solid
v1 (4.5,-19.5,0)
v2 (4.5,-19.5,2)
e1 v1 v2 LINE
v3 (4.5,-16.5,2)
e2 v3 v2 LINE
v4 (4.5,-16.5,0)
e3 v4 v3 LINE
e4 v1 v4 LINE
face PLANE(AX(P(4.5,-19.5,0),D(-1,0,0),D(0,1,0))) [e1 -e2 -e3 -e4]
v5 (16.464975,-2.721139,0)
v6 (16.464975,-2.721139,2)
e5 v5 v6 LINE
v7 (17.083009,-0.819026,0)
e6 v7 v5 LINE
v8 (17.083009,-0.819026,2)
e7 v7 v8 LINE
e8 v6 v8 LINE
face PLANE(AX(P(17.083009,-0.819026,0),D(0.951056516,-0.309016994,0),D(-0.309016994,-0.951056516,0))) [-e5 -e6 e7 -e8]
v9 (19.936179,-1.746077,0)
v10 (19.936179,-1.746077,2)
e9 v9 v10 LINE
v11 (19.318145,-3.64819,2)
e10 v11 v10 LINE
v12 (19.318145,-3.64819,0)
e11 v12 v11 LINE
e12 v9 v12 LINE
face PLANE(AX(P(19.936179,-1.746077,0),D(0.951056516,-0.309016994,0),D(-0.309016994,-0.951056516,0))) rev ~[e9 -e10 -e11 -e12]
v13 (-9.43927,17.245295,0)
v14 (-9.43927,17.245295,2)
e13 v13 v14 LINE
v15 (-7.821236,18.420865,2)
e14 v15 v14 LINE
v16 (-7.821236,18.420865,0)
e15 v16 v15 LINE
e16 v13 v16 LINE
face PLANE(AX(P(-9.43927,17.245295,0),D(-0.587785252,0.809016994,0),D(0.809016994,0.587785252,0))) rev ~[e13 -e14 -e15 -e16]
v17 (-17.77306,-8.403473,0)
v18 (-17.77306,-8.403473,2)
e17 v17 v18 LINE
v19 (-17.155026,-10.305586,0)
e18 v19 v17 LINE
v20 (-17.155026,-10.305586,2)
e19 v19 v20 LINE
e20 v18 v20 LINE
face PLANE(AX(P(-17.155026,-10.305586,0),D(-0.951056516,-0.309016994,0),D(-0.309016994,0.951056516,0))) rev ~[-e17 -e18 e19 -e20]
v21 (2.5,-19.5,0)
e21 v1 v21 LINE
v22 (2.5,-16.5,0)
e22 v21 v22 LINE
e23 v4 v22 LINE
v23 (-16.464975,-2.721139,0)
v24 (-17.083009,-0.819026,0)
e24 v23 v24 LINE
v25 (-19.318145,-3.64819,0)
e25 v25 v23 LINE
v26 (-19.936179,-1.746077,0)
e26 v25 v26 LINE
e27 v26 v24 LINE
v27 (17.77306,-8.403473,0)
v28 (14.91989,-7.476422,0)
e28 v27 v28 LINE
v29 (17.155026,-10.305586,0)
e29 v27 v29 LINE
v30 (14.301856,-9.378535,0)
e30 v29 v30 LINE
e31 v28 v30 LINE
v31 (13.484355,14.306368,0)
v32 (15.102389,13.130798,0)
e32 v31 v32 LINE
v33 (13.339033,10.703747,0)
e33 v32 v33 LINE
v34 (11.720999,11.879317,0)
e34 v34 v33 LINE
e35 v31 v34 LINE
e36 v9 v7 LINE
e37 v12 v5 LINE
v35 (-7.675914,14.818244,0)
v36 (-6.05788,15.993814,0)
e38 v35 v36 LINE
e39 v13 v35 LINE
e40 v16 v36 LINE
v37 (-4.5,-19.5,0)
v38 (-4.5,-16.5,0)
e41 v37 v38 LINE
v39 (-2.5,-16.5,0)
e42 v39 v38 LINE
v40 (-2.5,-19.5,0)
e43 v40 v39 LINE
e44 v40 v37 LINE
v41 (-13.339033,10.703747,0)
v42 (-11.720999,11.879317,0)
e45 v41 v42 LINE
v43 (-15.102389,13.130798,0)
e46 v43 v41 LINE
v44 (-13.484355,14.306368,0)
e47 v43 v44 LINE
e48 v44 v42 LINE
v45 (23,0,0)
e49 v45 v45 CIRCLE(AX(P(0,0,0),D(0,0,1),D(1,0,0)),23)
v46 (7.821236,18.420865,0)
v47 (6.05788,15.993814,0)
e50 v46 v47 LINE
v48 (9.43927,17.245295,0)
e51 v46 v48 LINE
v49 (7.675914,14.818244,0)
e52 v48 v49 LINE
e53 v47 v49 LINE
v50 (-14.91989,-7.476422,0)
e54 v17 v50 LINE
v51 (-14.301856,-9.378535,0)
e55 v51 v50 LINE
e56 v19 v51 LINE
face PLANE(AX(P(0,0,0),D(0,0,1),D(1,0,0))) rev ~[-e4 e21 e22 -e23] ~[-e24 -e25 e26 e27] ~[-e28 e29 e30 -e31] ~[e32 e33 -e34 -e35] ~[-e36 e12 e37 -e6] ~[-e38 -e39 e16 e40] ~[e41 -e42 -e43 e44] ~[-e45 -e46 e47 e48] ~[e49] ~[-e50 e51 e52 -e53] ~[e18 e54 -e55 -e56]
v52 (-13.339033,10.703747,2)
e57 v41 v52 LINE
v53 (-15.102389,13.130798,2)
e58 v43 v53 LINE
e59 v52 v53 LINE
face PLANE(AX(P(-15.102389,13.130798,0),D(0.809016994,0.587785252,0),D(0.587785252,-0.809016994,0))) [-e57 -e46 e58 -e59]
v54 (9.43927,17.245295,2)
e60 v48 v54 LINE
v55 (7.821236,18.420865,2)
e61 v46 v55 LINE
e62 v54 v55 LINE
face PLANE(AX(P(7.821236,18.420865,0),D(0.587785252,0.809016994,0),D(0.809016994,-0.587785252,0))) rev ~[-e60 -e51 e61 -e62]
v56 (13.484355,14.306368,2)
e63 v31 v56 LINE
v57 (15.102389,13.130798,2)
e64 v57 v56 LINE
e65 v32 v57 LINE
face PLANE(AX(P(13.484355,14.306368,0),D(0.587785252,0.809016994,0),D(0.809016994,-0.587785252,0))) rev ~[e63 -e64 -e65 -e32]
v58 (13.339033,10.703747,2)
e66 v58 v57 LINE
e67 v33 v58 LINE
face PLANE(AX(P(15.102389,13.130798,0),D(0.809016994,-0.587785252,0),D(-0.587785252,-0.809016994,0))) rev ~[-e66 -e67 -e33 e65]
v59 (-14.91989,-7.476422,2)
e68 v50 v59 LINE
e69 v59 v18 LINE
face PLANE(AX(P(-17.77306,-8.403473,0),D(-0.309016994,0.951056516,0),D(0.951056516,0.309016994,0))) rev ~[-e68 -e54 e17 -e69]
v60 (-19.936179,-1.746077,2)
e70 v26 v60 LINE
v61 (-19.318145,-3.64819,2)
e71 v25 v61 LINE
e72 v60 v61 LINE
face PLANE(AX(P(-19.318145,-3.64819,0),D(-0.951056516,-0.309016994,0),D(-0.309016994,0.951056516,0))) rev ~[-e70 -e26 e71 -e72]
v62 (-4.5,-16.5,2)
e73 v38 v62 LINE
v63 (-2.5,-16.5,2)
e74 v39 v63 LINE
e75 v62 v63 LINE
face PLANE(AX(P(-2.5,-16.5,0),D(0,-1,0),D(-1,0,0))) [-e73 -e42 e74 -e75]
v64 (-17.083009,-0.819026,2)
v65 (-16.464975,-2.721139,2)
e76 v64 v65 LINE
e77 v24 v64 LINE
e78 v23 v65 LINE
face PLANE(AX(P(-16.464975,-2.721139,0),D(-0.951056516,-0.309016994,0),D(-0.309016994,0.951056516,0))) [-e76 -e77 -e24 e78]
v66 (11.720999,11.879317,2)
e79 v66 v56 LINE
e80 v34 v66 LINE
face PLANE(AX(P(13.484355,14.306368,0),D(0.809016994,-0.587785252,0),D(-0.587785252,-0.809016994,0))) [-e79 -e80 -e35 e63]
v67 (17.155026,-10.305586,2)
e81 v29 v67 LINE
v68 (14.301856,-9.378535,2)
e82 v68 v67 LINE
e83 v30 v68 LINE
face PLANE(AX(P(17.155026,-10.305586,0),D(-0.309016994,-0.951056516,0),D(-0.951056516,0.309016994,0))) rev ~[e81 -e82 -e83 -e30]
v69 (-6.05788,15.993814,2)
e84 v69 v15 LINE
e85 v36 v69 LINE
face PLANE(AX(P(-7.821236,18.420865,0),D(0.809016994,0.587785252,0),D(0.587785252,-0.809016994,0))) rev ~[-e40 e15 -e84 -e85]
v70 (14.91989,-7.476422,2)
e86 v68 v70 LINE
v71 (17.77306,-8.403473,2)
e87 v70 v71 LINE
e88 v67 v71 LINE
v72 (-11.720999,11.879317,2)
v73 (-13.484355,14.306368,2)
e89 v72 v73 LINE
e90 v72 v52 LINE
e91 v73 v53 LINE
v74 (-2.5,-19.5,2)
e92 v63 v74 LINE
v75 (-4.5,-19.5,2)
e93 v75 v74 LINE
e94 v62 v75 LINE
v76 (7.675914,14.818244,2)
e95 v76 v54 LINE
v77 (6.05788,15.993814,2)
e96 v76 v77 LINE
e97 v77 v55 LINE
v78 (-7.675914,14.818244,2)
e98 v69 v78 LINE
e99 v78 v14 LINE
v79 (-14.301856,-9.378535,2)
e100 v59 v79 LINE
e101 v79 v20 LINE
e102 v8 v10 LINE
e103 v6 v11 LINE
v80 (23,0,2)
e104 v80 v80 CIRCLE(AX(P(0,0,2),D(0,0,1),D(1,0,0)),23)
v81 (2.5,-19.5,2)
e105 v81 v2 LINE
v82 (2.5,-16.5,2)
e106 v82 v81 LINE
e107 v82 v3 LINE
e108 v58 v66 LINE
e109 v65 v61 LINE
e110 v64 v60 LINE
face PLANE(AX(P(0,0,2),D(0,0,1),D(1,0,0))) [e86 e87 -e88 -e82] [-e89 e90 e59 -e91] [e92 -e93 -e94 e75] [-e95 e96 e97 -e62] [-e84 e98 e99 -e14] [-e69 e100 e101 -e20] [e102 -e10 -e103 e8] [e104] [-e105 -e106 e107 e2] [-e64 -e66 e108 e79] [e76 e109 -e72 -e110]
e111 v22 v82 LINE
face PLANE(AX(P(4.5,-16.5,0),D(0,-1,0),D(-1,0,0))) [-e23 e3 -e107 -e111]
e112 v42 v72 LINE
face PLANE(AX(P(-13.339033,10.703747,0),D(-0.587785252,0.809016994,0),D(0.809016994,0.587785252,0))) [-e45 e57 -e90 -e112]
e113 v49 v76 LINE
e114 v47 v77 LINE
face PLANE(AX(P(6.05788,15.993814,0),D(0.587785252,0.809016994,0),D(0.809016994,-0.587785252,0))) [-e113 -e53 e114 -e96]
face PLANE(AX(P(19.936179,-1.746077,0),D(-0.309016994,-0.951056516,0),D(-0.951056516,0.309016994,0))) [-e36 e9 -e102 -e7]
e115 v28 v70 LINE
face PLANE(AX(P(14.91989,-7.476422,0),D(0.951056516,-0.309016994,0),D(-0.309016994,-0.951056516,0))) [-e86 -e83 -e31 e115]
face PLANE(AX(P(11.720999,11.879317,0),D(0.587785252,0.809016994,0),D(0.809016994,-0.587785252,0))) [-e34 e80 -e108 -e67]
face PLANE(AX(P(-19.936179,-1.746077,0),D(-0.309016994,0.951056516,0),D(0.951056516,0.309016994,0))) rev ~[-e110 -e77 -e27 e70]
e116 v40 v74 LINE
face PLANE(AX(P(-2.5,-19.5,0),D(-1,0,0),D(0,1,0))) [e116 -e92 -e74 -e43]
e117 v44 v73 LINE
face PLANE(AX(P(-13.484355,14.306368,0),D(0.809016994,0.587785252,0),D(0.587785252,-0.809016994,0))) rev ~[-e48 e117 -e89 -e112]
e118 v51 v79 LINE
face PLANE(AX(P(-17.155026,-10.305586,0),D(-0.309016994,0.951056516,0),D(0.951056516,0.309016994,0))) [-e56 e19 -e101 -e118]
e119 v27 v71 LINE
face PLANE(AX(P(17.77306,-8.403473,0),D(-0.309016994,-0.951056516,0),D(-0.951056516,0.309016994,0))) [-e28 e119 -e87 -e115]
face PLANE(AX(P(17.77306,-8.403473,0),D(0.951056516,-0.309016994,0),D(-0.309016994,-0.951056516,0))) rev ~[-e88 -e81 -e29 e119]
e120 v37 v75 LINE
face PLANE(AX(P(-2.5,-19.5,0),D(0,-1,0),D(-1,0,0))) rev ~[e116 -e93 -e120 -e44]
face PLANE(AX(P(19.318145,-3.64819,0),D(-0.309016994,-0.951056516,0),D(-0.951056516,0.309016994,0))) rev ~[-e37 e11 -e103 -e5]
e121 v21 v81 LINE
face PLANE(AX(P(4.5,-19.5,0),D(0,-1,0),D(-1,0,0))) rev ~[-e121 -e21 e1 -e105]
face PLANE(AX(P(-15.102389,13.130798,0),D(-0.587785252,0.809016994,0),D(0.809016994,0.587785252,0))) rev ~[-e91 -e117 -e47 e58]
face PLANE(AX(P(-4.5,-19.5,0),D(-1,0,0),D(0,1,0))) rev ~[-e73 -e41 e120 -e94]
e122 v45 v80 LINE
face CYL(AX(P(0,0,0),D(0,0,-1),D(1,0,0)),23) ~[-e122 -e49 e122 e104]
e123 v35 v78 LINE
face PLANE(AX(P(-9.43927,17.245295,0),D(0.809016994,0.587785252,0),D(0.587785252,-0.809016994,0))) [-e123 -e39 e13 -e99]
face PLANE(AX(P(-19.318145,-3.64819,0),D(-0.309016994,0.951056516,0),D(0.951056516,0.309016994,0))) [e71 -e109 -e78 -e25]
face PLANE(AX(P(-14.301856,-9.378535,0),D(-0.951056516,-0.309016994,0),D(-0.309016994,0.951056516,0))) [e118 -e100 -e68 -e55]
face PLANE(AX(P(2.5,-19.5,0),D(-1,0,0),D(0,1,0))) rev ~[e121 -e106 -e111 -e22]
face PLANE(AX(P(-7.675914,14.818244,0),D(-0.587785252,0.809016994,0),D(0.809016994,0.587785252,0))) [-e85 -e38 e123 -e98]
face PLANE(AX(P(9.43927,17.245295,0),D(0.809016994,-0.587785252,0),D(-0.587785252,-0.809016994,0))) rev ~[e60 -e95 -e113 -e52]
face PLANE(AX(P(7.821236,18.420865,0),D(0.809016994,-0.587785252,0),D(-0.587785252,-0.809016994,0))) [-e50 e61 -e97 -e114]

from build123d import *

# Parameters (mm, degrees)
SKETCH075_R           = 23
PAD030_DEPTH          = 2
SKETCH076_W           = 3
SKETCH076_H           = 2
POCKET040_DEPTH       = 5
POLARPATTERN004_COUNT = 5


with BuildPart() as part:
    # Sketch075 → Pad030 (new body)
    with BuildSketch(Plane.XY):
        Circle(SKETCH075_R)
    extrude(amount=PAD030_DEPTH)

    # Sketch076 → Pocket040 (cut)
    with BuildSketch(Plane(origin=(0, -18, 0), x_dir=(0, 1, 0), z_dir=(0, 0, 1))):
        with Locations((0, 3.5)):
            Rectangle(SKETCH076_W, SKETCH076_H)
        with Locations((0, -3.5)):
            Rectangle(SKETCH076_W, SKETCH076_H)
    pocket040 = extrude(amount=POCKET040_DEPTH, mode=Mode.SUBTRACT)

    # PolarPattern004: Pocket040 ×5 about axis
    polarpattern004_axis = Axis((0, 0, 0), (0, 0, 1))
    for i in range(1, POLARPATTERN004_COUNT):
        add(pocket040.rotate(polarpattern004_axis, i * 360 / POLARPATTERN004_COUNT), mode=Mode.SUBTRACT)


solid = part.part
